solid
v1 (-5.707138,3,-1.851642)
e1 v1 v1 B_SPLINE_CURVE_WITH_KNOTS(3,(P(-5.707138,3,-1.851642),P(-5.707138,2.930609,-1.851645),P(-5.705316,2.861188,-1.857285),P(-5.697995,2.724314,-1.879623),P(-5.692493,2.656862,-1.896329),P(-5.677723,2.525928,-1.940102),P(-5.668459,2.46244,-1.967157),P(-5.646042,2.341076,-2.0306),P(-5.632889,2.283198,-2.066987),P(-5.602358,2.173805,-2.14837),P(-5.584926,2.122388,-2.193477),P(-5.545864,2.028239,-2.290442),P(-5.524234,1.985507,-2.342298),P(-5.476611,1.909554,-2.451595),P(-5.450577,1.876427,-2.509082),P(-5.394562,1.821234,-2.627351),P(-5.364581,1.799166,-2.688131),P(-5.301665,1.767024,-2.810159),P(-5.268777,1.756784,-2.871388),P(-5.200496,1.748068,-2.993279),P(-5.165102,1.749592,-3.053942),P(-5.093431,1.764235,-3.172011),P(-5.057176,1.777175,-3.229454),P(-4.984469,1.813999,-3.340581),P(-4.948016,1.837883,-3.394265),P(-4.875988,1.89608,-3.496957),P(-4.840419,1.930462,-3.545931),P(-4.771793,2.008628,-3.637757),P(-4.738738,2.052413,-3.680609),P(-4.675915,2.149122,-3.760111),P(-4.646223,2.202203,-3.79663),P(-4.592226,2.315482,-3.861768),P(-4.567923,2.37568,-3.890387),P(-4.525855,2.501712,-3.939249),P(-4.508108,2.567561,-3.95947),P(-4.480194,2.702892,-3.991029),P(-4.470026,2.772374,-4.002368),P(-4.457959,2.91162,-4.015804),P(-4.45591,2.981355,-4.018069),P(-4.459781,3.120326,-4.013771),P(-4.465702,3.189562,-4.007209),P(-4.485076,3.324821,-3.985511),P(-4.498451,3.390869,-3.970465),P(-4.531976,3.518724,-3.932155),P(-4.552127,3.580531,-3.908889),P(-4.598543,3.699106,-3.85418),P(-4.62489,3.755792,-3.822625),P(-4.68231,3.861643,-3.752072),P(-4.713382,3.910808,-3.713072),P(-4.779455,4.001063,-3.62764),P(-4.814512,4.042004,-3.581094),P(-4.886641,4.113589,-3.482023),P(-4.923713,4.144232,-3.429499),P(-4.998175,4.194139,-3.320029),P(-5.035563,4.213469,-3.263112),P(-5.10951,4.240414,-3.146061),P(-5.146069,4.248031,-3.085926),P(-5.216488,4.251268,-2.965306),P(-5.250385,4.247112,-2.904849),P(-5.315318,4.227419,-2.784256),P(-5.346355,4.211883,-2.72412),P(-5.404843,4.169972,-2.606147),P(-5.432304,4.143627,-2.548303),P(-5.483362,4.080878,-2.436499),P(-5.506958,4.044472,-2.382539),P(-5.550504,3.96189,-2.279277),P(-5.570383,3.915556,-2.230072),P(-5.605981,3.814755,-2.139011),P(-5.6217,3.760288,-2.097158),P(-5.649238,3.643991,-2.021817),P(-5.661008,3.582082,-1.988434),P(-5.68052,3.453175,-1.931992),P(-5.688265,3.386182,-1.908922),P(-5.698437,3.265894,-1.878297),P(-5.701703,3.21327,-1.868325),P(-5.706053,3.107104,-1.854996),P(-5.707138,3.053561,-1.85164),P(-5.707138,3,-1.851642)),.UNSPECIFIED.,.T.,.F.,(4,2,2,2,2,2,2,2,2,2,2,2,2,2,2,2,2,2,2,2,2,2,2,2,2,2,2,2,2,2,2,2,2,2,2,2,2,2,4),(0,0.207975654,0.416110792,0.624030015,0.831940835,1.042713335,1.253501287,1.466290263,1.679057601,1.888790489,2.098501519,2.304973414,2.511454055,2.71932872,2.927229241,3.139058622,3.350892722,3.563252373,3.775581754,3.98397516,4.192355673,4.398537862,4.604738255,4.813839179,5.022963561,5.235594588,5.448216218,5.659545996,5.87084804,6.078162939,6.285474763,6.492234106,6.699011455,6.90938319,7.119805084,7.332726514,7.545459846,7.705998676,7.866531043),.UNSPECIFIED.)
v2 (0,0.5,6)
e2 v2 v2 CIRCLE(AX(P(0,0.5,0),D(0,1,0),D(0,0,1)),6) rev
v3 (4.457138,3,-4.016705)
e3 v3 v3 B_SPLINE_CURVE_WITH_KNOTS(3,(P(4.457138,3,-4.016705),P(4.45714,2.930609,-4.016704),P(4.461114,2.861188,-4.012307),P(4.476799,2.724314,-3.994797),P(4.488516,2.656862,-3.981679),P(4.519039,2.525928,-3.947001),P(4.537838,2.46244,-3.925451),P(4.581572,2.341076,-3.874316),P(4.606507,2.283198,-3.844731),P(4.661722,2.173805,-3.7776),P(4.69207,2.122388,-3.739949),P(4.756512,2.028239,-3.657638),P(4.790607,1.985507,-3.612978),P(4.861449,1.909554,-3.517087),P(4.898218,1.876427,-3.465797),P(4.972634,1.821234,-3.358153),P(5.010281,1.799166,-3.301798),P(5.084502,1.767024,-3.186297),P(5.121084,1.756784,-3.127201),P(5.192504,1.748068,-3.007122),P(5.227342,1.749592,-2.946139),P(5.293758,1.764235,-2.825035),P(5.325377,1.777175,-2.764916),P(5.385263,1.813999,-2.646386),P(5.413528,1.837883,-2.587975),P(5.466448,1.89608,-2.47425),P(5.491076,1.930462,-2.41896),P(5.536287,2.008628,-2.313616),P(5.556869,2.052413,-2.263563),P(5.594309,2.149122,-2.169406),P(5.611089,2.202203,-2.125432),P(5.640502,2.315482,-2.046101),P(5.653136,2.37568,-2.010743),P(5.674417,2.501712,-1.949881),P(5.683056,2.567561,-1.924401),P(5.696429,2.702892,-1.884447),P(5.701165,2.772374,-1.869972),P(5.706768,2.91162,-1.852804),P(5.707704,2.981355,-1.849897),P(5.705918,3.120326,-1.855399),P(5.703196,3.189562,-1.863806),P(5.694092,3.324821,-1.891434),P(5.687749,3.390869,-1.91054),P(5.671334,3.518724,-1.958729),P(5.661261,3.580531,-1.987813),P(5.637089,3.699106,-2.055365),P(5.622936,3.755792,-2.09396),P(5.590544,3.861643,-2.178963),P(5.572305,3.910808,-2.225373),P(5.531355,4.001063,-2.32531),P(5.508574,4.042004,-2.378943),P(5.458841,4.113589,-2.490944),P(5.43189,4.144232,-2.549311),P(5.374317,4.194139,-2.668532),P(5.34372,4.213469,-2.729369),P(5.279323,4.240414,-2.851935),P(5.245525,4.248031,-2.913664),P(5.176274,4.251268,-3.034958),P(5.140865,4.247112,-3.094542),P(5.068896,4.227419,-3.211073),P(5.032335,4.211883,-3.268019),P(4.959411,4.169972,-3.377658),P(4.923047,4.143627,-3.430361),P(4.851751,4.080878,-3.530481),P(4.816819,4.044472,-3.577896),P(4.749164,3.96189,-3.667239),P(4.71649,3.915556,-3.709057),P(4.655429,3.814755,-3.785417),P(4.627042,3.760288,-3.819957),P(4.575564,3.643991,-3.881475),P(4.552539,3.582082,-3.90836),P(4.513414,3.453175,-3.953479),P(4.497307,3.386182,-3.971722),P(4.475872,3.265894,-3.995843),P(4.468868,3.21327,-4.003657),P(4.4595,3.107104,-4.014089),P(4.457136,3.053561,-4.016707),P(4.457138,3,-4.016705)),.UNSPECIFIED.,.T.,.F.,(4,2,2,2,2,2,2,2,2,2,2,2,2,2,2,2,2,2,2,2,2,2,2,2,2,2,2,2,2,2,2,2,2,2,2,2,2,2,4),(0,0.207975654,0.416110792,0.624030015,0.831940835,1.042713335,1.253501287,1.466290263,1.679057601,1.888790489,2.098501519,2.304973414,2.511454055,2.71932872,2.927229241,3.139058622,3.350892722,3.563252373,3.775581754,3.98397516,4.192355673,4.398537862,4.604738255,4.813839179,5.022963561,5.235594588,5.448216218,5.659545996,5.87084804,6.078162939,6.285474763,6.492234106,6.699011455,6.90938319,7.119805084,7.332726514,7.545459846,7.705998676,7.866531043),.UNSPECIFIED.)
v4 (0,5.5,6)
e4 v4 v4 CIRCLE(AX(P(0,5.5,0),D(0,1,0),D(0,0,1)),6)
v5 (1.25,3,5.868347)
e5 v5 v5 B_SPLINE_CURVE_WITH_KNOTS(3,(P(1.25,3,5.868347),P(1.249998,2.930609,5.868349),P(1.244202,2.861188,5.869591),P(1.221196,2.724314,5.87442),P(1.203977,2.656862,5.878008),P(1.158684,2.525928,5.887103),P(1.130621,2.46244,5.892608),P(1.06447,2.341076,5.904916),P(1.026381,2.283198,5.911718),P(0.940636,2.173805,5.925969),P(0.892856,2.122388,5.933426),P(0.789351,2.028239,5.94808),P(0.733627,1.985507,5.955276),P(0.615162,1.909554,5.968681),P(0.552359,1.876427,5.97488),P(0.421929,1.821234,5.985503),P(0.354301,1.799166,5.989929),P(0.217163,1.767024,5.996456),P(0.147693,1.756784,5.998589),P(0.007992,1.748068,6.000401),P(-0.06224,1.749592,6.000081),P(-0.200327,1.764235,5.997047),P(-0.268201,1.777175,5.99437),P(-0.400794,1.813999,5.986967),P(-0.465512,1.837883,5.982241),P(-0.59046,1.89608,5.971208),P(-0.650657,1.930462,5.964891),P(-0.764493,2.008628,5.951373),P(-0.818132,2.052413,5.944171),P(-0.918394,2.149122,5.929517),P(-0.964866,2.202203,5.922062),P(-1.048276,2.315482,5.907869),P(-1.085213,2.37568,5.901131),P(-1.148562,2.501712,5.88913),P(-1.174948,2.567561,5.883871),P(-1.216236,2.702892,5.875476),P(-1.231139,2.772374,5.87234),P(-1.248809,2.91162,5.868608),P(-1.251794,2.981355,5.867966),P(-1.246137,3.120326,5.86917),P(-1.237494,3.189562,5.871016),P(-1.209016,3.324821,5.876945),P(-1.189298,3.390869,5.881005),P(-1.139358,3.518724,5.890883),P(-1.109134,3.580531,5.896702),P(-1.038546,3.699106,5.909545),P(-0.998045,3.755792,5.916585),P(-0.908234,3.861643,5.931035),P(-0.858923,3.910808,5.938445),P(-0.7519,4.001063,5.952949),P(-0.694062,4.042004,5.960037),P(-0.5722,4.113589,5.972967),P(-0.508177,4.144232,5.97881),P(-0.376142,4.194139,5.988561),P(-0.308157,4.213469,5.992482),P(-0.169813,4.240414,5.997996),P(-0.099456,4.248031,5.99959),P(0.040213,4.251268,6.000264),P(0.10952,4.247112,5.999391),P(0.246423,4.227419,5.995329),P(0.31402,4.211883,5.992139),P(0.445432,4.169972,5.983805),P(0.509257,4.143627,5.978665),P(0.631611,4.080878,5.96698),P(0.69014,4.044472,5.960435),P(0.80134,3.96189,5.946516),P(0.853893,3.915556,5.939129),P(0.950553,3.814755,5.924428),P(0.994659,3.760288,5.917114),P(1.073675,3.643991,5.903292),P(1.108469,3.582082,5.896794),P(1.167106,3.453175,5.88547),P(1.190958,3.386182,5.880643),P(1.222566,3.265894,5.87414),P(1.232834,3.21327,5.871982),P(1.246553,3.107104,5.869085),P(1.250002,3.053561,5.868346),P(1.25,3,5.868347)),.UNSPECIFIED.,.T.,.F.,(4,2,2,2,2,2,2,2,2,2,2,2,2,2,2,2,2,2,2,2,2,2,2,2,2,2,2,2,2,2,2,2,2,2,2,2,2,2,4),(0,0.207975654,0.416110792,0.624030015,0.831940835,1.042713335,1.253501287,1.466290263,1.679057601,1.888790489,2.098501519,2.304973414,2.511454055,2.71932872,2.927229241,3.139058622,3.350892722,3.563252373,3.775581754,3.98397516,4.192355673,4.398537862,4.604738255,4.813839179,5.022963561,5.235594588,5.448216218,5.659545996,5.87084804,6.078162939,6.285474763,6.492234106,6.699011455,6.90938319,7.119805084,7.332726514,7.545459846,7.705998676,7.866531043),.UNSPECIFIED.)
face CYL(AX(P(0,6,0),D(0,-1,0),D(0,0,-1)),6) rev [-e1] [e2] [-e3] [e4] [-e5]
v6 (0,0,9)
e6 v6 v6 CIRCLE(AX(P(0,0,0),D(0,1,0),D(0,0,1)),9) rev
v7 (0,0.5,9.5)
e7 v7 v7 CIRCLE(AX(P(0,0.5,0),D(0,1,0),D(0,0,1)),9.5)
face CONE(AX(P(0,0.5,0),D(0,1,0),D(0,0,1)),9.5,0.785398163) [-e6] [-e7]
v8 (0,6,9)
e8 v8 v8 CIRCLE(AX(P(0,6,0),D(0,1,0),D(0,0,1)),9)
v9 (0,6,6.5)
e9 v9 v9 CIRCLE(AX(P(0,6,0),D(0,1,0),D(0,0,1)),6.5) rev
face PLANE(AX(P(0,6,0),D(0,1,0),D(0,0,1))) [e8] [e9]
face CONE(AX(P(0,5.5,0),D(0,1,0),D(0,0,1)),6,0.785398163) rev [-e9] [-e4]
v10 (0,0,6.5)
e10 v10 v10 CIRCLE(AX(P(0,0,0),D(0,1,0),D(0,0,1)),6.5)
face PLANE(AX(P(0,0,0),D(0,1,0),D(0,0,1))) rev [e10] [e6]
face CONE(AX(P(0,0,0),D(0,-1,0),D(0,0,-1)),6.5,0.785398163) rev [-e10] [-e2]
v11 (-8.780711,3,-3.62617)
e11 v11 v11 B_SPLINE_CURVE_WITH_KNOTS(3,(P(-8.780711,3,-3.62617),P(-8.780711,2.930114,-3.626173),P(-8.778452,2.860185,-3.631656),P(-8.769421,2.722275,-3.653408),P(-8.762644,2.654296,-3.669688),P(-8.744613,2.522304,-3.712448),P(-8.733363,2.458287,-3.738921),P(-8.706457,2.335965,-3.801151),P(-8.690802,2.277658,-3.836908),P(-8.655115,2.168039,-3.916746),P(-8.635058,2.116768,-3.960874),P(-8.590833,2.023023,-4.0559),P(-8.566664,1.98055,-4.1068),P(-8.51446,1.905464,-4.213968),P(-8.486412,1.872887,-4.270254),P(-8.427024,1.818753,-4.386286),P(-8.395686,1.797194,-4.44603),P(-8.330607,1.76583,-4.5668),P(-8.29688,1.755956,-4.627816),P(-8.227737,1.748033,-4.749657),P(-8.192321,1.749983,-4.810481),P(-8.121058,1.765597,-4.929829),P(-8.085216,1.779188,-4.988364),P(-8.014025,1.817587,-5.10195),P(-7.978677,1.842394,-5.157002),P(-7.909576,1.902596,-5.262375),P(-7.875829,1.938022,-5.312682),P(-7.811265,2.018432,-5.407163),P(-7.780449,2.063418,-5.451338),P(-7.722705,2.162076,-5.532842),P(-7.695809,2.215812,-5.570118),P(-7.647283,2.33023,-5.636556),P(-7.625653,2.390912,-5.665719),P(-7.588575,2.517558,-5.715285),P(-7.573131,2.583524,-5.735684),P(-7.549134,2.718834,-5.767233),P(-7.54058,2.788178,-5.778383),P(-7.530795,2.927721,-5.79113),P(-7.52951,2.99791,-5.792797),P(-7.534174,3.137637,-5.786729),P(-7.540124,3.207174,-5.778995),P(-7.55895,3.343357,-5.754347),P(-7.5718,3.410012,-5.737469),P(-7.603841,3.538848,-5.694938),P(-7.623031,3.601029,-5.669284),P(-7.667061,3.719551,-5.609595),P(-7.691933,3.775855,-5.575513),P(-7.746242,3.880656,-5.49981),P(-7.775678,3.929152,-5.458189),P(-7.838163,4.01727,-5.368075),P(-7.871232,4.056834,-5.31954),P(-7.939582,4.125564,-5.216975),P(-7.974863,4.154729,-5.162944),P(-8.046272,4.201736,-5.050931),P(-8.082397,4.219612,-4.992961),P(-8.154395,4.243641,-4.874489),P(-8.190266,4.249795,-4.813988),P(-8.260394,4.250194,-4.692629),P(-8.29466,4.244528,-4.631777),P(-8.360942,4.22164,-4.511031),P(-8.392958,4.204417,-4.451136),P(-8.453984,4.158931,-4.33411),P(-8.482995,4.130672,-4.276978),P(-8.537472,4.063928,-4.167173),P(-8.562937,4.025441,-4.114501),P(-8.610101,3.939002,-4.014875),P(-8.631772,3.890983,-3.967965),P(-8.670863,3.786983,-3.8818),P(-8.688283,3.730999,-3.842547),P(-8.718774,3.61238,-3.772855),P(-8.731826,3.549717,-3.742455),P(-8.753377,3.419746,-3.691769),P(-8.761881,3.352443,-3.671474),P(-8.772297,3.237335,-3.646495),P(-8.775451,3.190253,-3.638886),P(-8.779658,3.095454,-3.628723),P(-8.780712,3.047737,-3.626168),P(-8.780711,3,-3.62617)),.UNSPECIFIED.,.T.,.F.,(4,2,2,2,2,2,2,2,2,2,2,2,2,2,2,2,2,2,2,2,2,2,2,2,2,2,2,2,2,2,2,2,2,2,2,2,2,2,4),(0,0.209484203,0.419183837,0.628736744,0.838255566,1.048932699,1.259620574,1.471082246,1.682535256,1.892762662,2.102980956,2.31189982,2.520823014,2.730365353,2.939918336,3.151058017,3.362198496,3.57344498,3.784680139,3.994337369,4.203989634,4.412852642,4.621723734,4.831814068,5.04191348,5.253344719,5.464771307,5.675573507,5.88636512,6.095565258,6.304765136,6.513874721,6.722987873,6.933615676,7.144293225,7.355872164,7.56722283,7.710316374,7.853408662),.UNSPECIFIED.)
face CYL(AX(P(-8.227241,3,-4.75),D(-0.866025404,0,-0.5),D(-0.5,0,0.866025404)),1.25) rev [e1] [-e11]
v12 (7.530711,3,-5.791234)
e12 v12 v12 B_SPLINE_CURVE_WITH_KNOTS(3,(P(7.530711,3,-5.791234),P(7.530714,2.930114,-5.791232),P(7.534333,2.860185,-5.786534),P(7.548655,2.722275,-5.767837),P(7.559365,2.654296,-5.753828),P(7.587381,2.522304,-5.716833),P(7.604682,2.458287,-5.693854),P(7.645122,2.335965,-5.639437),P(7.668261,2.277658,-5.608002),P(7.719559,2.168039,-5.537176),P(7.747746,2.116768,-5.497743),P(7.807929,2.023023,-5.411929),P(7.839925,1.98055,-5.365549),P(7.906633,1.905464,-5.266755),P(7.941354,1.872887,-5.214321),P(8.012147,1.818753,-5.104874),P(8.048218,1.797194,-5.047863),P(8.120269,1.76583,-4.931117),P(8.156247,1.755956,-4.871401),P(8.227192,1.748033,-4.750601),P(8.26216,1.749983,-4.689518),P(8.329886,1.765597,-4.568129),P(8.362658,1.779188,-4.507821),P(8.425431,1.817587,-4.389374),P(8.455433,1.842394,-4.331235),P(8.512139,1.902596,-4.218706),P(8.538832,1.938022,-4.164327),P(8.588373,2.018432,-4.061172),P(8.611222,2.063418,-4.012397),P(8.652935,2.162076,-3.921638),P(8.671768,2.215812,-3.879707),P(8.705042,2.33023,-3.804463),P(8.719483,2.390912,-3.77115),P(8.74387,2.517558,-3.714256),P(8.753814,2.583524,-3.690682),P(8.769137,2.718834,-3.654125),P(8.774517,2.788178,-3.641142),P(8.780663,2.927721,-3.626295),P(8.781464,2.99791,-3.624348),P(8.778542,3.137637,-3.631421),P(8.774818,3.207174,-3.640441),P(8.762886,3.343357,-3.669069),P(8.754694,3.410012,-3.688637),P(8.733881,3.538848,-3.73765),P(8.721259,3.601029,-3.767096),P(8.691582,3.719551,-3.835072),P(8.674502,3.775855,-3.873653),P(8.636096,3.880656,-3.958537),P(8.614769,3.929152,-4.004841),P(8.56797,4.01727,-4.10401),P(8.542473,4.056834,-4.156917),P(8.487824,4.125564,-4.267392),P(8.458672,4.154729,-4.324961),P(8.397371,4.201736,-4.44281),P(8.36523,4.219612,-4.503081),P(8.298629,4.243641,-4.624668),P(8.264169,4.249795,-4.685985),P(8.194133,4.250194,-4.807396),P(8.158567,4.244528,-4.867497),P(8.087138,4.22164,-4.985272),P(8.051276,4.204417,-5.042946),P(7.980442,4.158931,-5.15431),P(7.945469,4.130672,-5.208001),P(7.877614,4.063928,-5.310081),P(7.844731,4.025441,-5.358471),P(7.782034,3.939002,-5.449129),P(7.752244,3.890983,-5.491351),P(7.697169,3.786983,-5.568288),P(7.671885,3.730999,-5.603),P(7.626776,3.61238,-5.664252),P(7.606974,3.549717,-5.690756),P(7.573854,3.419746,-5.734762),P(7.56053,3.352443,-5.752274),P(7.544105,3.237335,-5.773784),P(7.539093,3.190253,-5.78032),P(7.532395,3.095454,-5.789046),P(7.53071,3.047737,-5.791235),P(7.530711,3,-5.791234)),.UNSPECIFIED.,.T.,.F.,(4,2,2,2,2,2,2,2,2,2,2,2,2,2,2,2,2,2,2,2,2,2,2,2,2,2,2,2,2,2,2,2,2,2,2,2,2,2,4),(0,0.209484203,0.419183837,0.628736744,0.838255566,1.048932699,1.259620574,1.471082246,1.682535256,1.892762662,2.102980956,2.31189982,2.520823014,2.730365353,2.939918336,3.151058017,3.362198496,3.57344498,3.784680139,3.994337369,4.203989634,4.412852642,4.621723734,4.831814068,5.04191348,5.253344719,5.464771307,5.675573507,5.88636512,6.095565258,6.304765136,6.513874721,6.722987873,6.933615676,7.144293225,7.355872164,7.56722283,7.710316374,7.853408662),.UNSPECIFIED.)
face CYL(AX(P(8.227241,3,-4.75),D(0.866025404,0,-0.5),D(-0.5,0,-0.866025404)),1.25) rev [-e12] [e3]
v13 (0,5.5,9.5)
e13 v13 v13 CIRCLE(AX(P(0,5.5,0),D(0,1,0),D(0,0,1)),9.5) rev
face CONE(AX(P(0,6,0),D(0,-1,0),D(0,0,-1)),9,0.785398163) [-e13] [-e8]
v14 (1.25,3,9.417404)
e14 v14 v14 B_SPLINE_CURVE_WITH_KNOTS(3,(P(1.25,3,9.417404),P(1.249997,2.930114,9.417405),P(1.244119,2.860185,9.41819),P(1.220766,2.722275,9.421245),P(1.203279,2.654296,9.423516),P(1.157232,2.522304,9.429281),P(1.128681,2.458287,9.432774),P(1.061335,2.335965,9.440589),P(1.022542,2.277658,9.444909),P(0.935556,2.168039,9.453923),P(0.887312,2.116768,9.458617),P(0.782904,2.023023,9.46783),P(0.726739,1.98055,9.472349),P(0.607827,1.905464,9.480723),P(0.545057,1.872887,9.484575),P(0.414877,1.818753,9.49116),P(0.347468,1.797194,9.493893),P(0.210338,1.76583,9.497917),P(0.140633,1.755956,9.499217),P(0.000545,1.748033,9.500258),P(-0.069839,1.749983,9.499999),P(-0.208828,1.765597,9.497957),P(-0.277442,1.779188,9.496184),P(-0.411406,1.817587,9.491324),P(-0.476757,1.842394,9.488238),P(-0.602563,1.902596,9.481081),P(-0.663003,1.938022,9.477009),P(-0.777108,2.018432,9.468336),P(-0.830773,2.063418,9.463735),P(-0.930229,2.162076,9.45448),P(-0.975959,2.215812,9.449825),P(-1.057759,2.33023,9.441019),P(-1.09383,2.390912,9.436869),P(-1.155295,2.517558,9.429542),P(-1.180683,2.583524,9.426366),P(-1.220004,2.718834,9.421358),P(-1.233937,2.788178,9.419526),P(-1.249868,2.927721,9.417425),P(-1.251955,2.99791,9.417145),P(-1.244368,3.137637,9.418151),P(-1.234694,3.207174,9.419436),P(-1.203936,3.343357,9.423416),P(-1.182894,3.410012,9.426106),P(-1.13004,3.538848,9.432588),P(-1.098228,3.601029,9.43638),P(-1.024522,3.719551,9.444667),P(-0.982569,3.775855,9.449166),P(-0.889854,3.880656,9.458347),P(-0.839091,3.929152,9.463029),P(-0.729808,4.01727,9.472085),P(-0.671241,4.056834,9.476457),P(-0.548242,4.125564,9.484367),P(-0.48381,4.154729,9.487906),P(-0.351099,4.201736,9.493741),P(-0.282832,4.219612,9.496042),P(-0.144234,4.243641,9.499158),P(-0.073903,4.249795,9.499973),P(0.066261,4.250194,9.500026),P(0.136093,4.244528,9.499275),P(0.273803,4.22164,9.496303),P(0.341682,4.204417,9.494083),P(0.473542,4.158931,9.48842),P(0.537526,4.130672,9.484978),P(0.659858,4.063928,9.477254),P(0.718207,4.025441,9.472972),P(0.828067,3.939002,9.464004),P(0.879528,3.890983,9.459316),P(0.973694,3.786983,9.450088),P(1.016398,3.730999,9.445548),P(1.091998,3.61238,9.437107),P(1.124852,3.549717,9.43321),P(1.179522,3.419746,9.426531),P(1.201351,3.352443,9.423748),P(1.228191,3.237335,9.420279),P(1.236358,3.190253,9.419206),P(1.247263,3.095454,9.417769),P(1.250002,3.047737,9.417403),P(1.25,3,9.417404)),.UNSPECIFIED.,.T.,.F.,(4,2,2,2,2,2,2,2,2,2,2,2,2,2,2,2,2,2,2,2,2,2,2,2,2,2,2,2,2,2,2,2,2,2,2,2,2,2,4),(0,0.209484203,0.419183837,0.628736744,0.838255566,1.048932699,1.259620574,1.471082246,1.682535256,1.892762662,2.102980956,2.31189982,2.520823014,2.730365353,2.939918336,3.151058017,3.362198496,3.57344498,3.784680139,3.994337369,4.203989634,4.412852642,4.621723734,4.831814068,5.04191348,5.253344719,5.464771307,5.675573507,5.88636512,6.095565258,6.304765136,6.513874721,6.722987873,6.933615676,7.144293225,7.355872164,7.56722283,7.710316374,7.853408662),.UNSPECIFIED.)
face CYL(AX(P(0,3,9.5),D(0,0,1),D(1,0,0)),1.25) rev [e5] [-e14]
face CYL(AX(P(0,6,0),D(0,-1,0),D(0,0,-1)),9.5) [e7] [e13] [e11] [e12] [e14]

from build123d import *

# Parameters (mm, degrees)
CROQUIS1_R              = 9.5
CROQUIS1_R_2            = 6
SALIENTE_EXTRUIR1_DEPTH = 6
MATRIZC1_COUNT          = 3
CHAFL_N1_SIZE           = 0.5
CHAFL_N2_SIZE           = 0.5


with BuildPart() as part:
    # Croquis1 → Saliente-Extruir1 (new body)
    with BuildSketch(Plane(origin=(0, 0, 0), x_dir=(1, 0, 0), z_dir=(0, 1, 0))):
        with Locations(Location((0, 0, 0), (0, 0, 270))):
            Circle(CROQUIS1_R)
        with Locations(Location((0, 0, 0), (0, 0, 270))):
            Circle(CROQUIS1_R_2, mode=Mode.SUBTRACT)
    extrude(amount=SALIENTE_EXTRUIR1_DEPTH)

    # Croquis3 → Taladro roscado M31 (revolve, cut)
    with BuildSketch(Plane(origin=(0, 3, 9.5), x_dir=(0, -1, 0), z_dir=(1, 0, 0))):
        Polygon((0, 0), (0, 9.251075774), (1.25, 8.5), (1.25, 0), align=None)
    taladro_roscado_m31 = revolve(axis=Axis((0, 3, 15.85), (0, 0, -1)), mode=Mode.SUBTRACT)

    # MatrizC1: Taladro roscado M31 ×3 about axis
    matrizc1_axis = Axis((0, 0, 0), (0, 1, 0))
    for i in range(1, MATRIZC1_COUNT):
        add(taladro_roscado_m31.rotate(matrizc1_axis, i * 360 / MATRIZC1_COUNT), mode=Mode.SUBTRACT)

    # Chaflán1
    chafl_n1_edges = [part.edges().sort_by_distance(p)[0] for p in [
        (0, 0, -6),
        (0, 6, -6),
    ]]
    chamfer(chafl_n1_edges, length=CHAFL_N1_SIZE)

    # Chaflán2
    chafl_n2_edges = [part.edges().sort_by_distance(p)[0] for p in [
        (0, 0, -9.5),
        (0, 6, -9.5),
    ]]
    chamfer(chafl_n2_edges, length=CHAFL_N2_SIZE)


solid = part.part
